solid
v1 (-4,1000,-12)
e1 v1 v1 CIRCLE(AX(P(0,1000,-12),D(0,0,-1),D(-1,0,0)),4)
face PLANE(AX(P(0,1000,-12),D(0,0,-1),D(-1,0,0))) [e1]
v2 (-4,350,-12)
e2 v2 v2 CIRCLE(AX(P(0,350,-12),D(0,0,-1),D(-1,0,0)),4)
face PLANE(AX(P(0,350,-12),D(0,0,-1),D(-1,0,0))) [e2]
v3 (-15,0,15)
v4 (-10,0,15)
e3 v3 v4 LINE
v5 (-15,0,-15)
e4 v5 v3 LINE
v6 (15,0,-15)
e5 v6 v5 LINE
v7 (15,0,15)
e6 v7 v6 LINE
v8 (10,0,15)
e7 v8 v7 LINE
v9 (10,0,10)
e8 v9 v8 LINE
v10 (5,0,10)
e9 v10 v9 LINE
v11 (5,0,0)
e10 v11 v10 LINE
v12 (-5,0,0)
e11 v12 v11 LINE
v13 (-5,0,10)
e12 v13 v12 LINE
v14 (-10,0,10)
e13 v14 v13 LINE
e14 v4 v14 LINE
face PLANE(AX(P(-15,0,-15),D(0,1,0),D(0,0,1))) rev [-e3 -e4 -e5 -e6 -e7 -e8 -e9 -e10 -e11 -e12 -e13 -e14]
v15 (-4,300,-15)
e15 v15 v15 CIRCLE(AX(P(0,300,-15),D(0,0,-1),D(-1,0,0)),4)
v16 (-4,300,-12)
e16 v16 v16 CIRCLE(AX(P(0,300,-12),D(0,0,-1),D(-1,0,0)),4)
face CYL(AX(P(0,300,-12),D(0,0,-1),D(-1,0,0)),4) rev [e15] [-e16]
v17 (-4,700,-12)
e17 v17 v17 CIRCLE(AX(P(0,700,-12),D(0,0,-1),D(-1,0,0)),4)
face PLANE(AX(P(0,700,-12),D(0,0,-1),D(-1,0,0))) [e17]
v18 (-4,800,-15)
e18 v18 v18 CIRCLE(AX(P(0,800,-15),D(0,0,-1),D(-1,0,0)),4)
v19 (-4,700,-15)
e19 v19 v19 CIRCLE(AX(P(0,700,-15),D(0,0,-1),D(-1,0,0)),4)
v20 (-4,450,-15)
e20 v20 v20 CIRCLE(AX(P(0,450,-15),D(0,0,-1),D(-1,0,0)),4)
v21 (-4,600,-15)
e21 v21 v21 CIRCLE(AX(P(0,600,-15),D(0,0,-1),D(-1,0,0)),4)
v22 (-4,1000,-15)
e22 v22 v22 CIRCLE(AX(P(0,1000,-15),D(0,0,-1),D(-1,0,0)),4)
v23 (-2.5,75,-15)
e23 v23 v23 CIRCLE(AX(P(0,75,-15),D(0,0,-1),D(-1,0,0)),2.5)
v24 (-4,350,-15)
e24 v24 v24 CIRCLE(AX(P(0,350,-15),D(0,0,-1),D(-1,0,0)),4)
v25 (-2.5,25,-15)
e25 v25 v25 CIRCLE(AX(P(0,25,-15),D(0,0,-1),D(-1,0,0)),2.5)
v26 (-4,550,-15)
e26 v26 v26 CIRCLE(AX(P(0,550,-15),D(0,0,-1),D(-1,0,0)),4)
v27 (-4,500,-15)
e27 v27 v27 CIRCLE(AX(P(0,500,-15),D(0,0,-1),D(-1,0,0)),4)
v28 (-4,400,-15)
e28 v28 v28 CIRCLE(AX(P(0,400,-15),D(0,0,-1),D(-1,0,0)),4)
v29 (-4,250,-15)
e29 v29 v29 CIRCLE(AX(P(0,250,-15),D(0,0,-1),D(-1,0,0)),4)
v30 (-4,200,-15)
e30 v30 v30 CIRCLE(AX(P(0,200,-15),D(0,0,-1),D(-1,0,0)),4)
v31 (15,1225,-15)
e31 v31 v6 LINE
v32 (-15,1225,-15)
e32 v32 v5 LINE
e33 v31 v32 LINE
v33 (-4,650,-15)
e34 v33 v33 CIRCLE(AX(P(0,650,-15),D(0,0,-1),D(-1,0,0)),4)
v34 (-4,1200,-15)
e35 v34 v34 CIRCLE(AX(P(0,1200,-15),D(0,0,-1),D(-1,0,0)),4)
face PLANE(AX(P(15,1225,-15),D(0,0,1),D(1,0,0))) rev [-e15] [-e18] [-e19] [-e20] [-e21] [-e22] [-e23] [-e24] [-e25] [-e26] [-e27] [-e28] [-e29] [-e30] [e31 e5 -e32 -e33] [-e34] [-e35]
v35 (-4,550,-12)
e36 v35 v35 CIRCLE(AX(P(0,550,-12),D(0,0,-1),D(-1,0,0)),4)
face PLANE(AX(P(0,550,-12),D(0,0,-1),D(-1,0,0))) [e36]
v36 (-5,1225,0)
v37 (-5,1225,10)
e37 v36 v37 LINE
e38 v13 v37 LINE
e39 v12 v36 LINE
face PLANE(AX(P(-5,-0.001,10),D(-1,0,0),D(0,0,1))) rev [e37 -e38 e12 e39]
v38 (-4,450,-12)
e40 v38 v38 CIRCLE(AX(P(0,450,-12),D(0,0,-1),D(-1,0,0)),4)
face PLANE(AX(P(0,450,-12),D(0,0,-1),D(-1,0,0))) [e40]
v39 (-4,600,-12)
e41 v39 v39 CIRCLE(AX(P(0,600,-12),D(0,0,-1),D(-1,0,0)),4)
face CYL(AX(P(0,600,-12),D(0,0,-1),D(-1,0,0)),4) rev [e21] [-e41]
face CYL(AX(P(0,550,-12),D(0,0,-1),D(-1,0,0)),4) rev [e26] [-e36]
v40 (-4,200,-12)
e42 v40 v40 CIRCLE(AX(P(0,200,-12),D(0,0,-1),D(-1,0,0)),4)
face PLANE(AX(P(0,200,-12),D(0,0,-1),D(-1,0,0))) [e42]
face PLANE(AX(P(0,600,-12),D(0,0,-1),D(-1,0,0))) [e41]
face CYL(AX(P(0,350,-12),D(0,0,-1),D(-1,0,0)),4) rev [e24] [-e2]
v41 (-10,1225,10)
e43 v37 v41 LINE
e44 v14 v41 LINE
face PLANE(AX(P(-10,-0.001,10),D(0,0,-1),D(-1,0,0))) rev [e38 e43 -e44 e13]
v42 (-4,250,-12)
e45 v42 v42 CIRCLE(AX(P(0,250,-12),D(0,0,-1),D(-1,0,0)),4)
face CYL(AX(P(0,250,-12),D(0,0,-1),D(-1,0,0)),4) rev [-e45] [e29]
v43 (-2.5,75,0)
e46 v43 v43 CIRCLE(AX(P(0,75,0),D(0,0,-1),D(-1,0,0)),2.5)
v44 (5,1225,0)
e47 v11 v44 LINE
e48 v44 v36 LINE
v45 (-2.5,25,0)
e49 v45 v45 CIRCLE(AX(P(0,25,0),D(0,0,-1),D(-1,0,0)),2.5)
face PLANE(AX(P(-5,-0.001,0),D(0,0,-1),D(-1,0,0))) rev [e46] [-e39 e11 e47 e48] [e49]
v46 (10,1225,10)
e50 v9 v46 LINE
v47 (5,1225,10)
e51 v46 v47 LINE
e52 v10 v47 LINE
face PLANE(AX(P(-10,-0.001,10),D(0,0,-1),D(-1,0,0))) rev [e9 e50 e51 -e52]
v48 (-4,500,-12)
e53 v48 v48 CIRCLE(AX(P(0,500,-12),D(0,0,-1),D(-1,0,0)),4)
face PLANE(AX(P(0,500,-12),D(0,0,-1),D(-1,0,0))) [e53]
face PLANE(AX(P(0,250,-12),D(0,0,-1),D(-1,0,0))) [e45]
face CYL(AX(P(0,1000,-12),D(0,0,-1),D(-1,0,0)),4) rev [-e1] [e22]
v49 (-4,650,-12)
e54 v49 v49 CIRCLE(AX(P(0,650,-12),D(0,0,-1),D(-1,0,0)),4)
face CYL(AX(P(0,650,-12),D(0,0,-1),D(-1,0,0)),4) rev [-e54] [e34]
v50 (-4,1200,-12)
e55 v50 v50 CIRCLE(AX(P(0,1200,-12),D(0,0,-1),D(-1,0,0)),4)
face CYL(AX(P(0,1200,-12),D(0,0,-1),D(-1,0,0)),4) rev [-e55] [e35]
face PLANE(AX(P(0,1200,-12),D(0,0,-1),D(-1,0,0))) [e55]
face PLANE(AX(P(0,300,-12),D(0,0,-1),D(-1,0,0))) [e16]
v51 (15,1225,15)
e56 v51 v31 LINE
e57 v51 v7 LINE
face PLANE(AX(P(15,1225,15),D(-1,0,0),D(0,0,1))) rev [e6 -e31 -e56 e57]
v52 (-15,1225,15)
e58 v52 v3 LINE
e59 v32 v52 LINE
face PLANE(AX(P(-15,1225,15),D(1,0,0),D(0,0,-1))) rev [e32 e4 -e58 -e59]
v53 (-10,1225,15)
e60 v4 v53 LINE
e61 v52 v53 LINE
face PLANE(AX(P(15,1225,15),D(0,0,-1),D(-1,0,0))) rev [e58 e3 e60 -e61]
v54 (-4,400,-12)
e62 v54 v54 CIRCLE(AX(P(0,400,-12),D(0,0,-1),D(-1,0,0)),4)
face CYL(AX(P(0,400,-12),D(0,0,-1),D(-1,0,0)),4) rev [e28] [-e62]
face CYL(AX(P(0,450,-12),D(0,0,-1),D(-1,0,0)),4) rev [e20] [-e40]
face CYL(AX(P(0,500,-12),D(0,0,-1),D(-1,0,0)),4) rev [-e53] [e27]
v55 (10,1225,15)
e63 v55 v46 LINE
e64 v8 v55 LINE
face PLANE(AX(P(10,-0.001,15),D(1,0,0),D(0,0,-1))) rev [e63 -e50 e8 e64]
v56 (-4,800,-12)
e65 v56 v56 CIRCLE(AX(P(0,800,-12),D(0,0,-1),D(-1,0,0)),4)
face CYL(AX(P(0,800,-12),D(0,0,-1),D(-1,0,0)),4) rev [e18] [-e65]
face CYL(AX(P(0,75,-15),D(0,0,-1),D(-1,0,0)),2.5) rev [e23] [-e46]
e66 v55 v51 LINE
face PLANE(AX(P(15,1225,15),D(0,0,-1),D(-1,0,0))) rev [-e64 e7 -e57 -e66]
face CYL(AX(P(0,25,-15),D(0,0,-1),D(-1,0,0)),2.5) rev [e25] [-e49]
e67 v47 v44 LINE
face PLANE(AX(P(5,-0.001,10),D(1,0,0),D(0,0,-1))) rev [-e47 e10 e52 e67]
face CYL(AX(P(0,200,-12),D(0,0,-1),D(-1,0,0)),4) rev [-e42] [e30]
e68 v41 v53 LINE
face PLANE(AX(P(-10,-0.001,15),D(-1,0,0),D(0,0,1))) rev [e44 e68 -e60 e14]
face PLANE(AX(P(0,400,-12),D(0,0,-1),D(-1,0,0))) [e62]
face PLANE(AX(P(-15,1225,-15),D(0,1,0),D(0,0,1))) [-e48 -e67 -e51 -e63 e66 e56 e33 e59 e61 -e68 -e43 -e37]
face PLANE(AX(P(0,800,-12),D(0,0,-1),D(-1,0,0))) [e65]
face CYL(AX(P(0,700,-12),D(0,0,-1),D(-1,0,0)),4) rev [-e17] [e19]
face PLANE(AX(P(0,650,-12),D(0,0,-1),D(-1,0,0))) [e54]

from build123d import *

# Parameters (mm, degrees)
SKETCH1_W                 = 30
SKETCH1_H                 = 30
BOSS_EXTRUDE1_DEPTH       = 1225
CUT_EXTRUDE1_REACH        = 1227
SKETCH2_W                 = 20
SKETCH2_H                 = 5
CUT_EXTRUDE2_REACH        = 1227
SKETCH3_W                 = 10
SKETCH3_H                 = 10
SKETCH6_R                 = 4
CUT_EXTRUDE3_DEPTH        = 3
M6X1_0_TAPPED_HOLE1_D     = 5
M6X1_0_TAPPED_HOLE1_DEPTH = 15
M6X1_0_TAPPED_HOLE1_TIP   = 1.502151548


with BuildPart() as part:
    # Sketch1 → Boss-Extrude1 (new body)
    with BuildSketch(Plane(origin=(0, 0, 0), x_dir=(1, 0, 0), z_dir=(0, 1, 0))):
        Rectangle(SKETCH1_W, SKETCH1_H)
    extrude(amount=BOSS_EXTRUDE1_DEPTH)

    # Sketch2 → Cut-Extrude1 (cut, up to next)
    with BuildSketch(Plane(origin=(0, 1225, 0), x_dir=(1, 0, 0), z_dir=(0, 1, 0)), mode=Mode.PRIVATE) as cut_extrude1_sk1:
        with Locations((0, -12.5)):
            Rectangle(SKETCH2_W, SKETCH2_H)
    cut_extrude1_tool1 = extrude(cut_extrude1_sk1.sketch, amount=-CUT_EXTRUDE1_REACH, mode=Mode.PRIVATE) & part.part
    add(cut_extrude1_tool1.solids().sort_by_distance((0, 1225, 12.5))[0], mode=Mode.SUBTRACT)

    # Sketch3 → Cut-Extrude2 (cut, up to next)
    with BuildSketch(Plane(origin=(0, 1225, 0), x_dir=(1, 0, 0), z_dir=(0, 1, 0)), mode=Mode.PRIVATE) as cut_extrude2_sk1:
        with Locations((0, -5)):
            Rectangle(SKETCH3_W, SKETCH3_H)
    cut_extrude2_tool1 = extrude(cut_extrude2_sk1.sketch, amount=-CUT_EXTRUDE2_REACH, mode=Mode.PRIVATE) & part.part
    add(cut_extrude2_tool1.solids().sort_by_distance((0, 1225, 5))[0], mode=Mode.SUBTRACT)

    # Sketch6 → Cut-Extrude3 (cut)
    with BuildSketch(Plane(origin=(0, 0, -15), x_dir=(-1, 0, 0), z_dir=(0, 0, -1))):
        with Locations((0, 1200)):
            Circle(SKETCH6_R)
        with Locations((0, 1000)):
            Circle(SKETCH6_R)
        with Locations((0, 800)):
            Circle(SKETCH6_R)
        with Locations((0, 700)):
            Circle(SKETCH6_R)
        with Locations((0, 650)):
            Circle(SKETCH6_R)
        with Locations((0, 600)):
            Circle(SKETCH6_R)
        with Locations((0, 550)):
            Circle(SKETCH6_R)
        with Locations((0, 500)):
            Circle(SKETCH6_R)
        with Locations((0, 450)):
            Circle(SKETCH6_R)
        with Locations((0, 400)):
            Circle(SKETCH6_R)
        with Locations((0, 350)):
            Circle(SKETCH6_R)
        with Locations((0, 300)):
            Circle(SKETCH6_R)
        with Locations((0, 250)):
            Circle(SKETCH6_R)
        with Locations((0, 200)):
            Circle(SKETCH6_R)
    extrude(amount=-CUT_EXTRUDE3_DEPTH, mode=Mode.SUBTRACT)

    # M6x1.0 Tapped Hole1
    with Locations(Plane(origin=(0, 0, -15), x_dir=(-1, 0, 0), z_dir=(0, 0, -1))):
        with Locations((0, 75), (0, 25)):
            Hole(M6X1_0_TAPPED_HOLE1_D / 2, depth=M6X1_0_TAPPED_HOLE1_DEPTH)
            with Locations((0, 0, -(M6X1_0_TAPPED_HOLE1_DEPTH + M6X1_0_TAPPED_HOLE1_TIP / 2))):  # 118° drill point
                Cone(0, M6X1_0_TAPPED_HOLE1_D / 2, M6X1_0_TAPPED_HOLE1_TIP, mode=Mode.SUBTRACT)


solid = part.part
